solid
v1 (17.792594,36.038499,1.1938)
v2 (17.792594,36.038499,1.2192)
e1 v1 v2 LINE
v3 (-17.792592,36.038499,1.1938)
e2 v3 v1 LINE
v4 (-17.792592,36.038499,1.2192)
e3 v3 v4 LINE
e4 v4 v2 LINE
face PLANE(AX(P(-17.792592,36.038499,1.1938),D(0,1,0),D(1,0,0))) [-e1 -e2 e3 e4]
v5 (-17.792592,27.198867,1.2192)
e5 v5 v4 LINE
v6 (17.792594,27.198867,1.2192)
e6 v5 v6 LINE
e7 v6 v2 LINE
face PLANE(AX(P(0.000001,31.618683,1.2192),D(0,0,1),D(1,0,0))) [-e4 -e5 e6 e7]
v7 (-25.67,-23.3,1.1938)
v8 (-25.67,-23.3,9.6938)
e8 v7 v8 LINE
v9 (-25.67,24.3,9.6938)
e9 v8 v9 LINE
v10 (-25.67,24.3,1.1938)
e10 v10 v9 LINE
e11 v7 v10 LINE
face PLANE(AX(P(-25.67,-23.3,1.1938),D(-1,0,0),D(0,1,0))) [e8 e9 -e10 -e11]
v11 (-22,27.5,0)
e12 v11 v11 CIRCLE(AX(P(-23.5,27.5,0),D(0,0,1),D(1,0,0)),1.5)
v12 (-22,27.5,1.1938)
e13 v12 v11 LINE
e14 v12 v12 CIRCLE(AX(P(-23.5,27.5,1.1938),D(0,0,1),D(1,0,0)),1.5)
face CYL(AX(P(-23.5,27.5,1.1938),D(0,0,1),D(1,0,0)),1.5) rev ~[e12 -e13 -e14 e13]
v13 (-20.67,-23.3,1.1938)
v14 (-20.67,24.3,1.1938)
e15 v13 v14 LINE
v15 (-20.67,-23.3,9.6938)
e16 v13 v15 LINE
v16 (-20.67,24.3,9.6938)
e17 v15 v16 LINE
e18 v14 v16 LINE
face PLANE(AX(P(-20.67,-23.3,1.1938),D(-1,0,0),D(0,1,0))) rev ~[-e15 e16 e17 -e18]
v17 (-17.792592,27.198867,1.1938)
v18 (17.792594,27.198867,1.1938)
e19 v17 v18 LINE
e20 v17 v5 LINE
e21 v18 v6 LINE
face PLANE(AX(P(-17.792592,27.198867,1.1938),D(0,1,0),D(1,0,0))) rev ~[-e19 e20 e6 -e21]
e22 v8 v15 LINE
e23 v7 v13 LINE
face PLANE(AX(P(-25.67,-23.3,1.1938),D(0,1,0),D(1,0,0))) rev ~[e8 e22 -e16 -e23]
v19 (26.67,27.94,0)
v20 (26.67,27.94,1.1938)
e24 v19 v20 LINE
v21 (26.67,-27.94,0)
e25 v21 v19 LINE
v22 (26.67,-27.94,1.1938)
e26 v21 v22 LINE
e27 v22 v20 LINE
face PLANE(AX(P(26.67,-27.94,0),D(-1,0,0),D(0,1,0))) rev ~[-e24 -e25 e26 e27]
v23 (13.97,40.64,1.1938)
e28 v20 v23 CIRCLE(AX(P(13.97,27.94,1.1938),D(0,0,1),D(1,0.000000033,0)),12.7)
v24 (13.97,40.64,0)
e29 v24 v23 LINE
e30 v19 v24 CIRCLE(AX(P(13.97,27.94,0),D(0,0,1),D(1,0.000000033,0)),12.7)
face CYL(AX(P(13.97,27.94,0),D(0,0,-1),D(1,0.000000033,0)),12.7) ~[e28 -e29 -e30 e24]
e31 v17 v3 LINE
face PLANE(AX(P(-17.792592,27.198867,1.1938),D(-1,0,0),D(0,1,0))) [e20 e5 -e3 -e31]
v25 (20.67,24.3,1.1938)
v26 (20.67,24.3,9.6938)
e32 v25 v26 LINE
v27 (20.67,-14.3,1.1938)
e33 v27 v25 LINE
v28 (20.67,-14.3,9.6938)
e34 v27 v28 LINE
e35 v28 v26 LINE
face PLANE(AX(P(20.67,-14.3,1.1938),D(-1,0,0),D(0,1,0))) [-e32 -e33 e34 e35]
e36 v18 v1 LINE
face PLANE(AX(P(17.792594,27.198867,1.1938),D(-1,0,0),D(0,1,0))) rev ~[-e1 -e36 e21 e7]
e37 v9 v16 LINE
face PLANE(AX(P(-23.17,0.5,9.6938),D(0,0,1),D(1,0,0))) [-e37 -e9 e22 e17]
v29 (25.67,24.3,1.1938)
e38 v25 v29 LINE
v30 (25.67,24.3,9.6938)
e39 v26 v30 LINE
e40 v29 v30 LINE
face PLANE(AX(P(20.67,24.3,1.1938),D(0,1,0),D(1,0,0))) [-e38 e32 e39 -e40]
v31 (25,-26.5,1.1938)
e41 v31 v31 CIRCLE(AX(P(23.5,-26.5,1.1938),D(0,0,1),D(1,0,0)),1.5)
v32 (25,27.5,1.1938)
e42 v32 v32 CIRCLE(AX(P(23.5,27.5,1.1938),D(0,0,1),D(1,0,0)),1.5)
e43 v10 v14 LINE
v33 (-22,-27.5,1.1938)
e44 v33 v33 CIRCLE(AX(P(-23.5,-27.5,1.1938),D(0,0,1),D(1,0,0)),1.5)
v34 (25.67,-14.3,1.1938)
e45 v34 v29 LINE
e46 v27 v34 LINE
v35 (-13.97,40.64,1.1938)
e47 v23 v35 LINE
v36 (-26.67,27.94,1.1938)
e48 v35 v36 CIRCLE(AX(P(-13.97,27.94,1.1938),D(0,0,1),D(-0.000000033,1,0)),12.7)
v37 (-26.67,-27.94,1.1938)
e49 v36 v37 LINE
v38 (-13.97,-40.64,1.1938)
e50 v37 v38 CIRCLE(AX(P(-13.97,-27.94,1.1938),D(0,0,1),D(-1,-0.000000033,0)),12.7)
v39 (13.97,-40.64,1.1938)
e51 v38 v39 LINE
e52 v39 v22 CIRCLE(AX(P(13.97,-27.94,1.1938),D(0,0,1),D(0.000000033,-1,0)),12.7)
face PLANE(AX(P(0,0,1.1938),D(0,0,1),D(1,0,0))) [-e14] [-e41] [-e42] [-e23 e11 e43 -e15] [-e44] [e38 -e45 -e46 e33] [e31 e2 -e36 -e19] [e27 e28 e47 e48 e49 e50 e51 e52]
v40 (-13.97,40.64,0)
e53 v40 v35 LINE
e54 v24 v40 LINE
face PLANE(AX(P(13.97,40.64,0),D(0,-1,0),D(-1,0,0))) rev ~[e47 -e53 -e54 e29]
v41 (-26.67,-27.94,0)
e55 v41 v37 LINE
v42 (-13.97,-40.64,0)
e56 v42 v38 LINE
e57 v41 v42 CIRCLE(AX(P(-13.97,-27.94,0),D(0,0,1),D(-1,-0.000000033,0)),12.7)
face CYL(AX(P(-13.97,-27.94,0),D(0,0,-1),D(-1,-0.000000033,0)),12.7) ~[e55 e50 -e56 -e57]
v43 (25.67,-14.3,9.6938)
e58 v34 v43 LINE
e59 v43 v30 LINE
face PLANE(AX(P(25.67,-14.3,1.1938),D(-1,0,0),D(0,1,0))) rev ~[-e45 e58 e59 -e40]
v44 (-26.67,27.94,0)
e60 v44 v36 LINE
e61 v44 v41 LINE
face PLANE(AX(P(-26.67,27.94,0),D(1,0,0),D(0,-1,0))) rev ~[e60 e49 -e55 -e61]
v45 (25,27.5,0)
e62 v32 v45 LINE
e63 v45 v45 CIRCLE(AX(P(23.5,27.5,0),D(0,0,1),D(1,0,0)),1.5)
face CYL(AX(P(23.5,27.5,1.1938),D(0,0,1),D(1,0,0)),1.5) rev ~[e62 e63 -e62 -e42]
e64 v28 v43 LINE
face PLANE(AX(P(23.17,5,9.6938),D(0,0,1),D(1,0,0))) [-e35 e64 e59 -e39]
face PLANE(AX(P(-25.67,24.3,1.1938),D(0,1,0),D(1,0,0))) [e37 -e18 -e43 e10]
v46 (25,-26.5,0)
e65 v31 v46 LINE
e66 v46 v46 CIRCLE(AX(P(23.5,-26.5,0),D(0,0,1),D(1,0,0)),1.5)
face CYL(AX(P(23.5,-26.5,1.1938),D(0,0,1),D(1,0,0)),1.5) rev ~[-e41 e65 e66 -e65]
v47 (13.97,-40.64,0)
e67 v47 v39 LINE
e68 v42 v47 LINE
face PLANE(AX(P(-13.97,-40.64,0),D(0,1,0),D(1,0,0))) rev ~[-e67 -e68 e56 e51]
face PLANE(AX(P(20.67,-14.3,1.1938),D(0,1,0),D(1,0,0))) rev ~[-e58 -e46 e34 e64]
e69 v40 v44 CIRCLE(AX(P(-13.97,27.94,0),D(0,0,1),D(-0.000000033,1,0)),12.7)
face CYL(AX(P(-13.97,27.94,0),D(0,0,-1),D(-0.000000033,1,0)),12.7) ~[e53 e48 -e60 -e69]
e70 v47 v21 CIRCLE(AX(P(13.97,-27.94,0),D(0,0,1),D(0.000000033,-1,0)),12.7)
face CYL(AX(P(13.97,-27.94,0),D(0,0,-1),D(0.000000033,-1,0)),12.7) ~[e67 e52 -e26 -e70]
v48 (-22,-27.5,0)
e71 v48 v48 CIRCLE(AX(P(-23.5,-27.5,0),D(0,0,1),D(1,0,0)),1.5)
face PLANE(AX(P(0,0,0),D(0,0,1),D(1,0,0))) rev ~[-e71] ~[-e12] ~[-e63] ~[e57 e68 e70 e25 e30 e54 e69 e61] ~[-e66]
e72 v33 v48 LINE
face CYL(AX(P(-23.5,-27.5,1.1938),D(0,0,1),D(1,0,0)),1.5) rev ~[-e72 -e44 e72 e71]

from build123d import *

# Parameters (mm, degrees)
F1_DEPTH = 1.1938
F2_R     = 1.5
F3_DEPTH = 1.1948
F4_W     = 5
F4_H     = 47.6
F4_H_2   = 38.6
F5_DEPTH = 8.5
F6_W     = 35.585186
F6_H     = 8.839631
F7_DEPTH = 0.0254


with BuildPart() as f1:
    # F0 (on Top) → F1 (new body)
    with BuildSketch(Plane.XY):
        with BuildLine():
            Line((-13.97, -40.64), (13.97, -40.64))
            ThreePointArc((13.97, -40.64), (22.950256, -36.920256), (26.67, -27.94))
            Line((26.67, -27.94), (26.67, 27.94))
            ThreePointArc((26.67, 27.94), (22.950256, 36.920256), (13.97, 40.64))
            Line((13.97, 40.64), (-13.97, 40.64))
            ThreePointArc((-13.97, 40.64), (-22.950256, 36.920256), (-26.67, 27.94))
            Line((-26.67, 27.94), (-26.67, -27.94))
            ThreePointArc((-26.67, -27.94), (-22.950256, -36.920256), (-13.97, -40.64))
        make_face()
    extrude(amount=F1_DEPTH)

    # F2 (on face) → F3 (cut, through all)
    with BuildSketch(Plane.XY.offset(1.1938)):
        with Locations((-23.5, 27.5)):
            Circle(F2_R)
        with Locations((23.5, 27.5)):
            Circle(F2_R)
        with Locations((-23.5, -27.5)):
            Circle(F2_R)
        with Locations((23.5, -26.5)):
            Circle(F2_R)
    extrude(amount=-F3_DEPTH, mode=Mode.SUBTRACT)

    # F4 (on face) → F5 (join)
    with BuildSketch(Plane.XY.offset(1.1938)):
        with Locations((-23.17, 0.5)):
            Rectangle(F4_W, F4_H)
        with Locations((23.17, 5)):
            Rectangle(F4_W, F4_H_2)
    extrude(amount=F5_DEPTH)

    # F6 (on face) → F7 (join)
    with BuildSketch(Plane.XY.offset(1.1938)):
        with Locations((1e-06, 31.618683)):
            Rectangle(F6_W, F6_H)
    extrude(amount=F7_DEPTH)


solid = f1.part
